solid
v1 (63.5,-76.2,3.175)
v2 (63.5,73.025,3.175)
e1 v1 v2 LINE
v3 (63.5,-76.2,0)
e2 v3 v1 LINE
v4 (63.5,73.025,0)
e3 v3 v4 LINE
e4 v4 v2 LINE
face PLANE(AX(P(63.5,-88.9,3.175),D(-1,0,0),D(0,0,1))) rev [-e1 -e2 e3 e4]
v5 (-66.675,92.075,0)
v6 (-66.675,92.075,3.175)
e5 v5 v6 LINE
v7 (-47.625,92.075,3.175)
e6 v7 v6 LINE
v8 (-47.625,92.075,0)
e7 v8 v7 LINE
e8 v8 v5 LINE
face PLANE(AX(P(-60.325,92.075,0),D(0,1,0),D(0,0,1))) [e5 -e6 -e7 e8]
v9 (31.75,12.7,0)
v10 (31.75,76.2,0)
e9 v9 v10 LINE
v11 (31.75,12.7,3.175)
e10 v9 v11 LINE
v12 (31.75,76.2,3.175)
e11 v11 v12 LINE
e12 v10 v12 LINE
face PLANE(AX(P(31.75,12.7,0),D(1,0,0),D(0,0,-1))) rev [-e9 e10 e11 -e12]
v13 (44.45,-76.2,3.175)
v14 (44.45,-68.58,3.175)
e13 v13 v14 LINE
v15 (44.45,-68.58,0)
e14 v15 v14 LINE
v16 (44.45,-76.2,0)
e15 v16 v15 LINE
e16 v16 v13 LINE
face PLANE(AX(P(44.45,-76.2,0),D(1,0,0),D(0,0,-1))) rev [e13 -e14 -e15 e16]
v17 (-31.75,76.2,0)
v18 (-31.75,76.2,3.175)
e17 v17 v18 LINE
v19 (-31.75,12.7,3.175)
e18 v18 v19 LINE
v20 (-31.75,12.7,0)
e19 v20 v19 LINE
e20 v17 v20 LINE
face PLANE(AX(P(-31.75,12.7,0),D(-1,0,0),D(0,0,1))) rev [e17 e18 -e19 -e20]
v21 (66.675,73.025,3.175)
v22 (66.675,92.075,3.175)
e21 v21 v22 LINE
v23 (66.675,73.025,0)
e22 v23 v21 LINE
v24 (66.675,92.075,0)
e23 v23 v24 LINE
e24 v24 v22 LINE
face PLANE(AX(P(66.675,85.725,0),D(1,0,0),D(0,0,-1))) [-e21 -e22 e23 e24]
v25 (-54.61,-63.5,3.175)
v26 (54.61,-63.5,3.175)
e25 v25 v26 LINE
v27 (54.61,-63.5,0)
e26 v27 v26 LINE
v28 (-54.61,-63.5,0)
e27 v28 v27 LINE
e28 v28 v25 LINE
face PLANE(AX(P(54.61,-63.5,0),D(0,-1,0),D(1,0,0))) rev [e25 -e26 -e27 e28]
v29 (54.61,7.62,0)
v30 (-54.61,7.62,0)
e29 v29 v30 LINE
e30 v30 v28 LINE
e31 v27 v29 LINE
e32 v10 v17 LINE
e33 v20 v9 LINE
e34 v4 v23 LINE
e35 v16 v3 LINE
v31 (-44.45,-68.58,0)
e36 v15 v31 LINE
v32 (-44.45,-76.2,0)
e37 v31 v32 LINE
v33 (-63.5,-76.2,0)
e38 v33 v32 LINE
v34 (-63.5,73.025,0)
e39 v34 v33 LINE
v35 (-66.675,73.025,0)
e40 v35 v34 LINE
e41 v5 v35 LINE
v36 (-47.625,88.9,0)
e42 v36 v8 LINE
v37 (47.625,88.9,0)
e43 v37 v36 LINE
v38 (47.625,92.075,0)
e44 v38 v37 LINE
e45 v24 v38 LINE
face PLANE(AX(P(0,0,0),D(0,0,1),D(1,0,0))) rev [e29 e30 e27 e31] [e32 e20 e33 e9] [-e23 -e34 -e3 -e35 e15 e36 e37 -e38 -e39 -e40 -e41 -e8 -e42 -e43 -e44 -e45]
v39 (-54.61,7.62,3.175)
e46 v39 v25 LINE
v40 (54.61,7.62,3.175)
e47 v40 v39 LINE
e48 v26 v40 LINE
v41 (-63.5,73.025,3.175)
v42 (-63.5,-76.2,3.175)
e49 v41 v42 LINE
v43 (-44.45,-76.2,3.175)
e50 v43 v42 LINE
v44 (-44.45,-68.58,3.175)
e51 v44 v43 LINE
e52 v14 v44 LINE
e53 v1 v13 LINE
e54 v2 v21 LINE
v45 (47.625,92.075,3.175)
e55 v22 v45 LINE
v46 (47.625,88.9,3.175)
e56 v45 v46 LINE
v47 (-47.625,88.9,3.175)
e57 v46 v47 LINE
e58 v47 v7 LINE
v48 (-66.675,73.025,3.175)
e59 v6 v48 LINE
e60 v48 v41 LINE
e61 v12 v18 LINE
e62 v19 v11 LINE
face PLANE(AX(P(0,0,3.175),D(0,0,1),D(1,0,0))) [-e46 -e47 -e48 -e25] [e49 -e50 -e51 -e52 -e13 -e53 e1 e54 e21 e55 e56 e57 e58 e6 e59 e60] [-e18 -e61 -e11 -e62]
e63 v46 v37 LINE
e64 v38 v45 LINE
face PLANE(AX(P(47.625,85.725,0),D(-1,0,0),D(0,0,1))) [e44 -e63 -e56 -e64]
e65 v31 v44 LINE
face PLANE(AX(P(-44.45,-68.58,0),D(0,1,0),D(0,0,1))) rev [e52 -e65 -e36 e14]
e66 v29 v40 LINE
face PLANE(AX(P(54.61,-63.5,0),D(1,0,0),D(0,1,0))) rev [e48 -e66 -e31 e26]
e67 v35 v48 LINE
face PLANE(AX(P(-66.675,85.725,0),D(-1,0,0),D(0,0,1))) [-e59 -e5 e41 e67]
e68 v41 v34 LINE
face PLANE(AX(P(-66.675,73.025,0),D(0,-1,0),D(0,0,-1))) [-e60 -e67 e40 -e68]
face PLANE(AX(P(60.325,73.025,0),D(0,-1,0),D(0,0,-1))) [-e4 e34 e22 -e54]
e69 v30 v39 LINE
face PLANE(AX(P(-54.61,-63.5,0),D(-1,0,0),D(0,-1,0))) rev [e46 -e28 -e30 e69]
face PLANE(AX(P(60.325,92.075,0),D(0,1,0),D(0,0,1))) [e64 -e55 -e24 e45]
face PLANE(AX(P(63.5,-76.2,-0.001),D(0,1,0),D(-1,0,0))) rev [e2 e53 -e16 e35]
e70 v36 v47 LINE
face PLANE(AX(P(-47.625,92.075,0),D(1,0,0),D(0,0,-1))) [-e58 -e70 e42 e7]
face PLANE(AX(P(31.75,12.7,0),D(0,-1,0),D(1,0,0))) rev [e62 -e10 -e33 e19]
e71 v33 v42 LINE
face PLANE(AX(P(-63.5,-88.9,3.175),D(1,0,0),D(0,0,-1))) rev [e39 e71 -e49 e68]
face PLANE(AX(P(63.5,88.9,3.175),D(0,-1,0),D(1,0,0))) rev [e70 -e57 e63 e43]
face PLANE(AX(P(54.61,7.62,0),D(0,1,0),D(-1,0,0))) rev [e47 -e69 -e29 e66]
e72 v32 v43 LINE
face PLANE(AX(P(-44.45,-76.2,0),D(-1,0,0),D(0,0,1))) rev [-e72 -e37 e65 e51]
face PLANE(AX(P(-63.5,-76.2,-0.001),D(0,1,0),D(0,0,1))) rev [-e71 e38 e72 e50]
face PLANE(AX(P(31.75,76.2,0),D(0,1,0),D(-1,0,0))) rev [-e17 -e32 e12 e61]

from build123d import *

# Parameters (mm, degrees)
SKETCH1_W           = 127
SKETCH1_H           = 177.8
BOSS_EXTRUDE1_DEPTH = 3.175
SKETCH3_W           = 63.5
SKETCH3_H           = 63.5
SKETCH3_W_2         = 109.22
SKETCH3_H_2         = 71.12
CUT_EXTRUDE2_DEPTH  = 4.175
BOSS_EXTRUDE2_DEPTH = 3.175
CUT_EXTRUDE3_REACH  = 5.175
SKETCH5_W           = 19.05
SKETCH5_H           = 12.7
CUT_EXTRUDE4_DEPTH  = 4.175


with BuildPart() as part:
    # Sketch1 → Boss-Extrude1 (new body)
    with BuildSketch(Plane.XY):
        Rectangle(SKETCH1_W, SKETCH1_H)
    extrude(amount=BOSS_EXTRUDE1_DEPTH)

    # Sketch3 → Cut-Extrude2 (cut, through all)
    with BuildSketch(Plane.XY.offset(3.175)):
        with Locations((0, 44.45)):
            Rectangle(SKETCH3_W, SKETCH3_H)
        with Locations((0, -27.94)):
            Rectangle(SKETCH3_W_2, SKETCH3_H_2)
    extrude(amount=-CUT_EXTRUDE2_DEPTH, mode=Mode.SUBTRACT)

    # Sketch4 → Boss-Extrude2 (add)
    with BuildSketch(Plane.XY.offset(3.175)):
        Polygon((-60.325, 92.075), (-66.675, 92.075), (-66.675, 85.725), (-66.675, 73.025), (-60.325, 73.025), (-60.325, 85.725), (-47.625, 85.725), (-47.625, 92.075), align=None)
        Polygon((60.325, 92.075), (66.675, 92.075), (66.675, 85.725), (66.675, 73.025), (60.325, 73.025), (60.325, 85.725), (47.625, 85.725), (47.625, 92.075), align=None)
    extrude(amount=-BOSS_EXTRUDE2_DEPTH)

    # Sketch5 → Cut-Extrude3 (cut, up to next)
    with BuildSketch(Plane.XY.offset(3.175), mode=Mode.PRIVATE) as cut_extrude3_sk1:
        with Locations((-53.975, -82.55)):
            Rectangle(SKETCH5_W, SKETCH5_H)
    cut_extrude3_tool1 = extrude(cut_extrude3_sk1.sketch, amount=-CUT_EXTRUDE3_REACH, mode=Mode.PRIVATE) & part.part
    add(cut_extrude3_tool1.solids().sort_by_distance((-53.975, -82.55, 3.175))[0], mode=Mode.SUBTRACT)
    # Sketch5 → Cut-Extrude3 (cut, up to next)
    with BuildSketch(Plane.XY.offset(3.175), mode=Mode.PRIVATE) as cut_extrude3_sk2:
        with Locations((53.975, -82.55)):
            Rectangle(SKETCH5_W, SKETCH5_H)
    cut_extrude3_tool2 = extrude(cut_extrude3_sk2.sketch, amount=-CUT_EXTRUDE3_REACH, mode=Mode.PRIVATE) & part.part
    add(cut_extrude3_tool2.solids().sort_by_distance((53.975, -82.55, 3.175))[0], mode=Mode.SUBTRACT)

    # Sketch6 → Cut-Extrude4 (cut, through all)
    with BuildSketch(Plane.XY.offset(3.175)):
        Polygon((-44.45, -76.2), (-44.45, -68.58), (44.45, -68.58), (44.45, -76.2), (44.45, -88.9), (-44.45, -88.9), align=None)
    extrude(amount=-CUT_EXTRUDE4_DEPTH, mode=Mode.SUBTRACT)


solid = part.part
